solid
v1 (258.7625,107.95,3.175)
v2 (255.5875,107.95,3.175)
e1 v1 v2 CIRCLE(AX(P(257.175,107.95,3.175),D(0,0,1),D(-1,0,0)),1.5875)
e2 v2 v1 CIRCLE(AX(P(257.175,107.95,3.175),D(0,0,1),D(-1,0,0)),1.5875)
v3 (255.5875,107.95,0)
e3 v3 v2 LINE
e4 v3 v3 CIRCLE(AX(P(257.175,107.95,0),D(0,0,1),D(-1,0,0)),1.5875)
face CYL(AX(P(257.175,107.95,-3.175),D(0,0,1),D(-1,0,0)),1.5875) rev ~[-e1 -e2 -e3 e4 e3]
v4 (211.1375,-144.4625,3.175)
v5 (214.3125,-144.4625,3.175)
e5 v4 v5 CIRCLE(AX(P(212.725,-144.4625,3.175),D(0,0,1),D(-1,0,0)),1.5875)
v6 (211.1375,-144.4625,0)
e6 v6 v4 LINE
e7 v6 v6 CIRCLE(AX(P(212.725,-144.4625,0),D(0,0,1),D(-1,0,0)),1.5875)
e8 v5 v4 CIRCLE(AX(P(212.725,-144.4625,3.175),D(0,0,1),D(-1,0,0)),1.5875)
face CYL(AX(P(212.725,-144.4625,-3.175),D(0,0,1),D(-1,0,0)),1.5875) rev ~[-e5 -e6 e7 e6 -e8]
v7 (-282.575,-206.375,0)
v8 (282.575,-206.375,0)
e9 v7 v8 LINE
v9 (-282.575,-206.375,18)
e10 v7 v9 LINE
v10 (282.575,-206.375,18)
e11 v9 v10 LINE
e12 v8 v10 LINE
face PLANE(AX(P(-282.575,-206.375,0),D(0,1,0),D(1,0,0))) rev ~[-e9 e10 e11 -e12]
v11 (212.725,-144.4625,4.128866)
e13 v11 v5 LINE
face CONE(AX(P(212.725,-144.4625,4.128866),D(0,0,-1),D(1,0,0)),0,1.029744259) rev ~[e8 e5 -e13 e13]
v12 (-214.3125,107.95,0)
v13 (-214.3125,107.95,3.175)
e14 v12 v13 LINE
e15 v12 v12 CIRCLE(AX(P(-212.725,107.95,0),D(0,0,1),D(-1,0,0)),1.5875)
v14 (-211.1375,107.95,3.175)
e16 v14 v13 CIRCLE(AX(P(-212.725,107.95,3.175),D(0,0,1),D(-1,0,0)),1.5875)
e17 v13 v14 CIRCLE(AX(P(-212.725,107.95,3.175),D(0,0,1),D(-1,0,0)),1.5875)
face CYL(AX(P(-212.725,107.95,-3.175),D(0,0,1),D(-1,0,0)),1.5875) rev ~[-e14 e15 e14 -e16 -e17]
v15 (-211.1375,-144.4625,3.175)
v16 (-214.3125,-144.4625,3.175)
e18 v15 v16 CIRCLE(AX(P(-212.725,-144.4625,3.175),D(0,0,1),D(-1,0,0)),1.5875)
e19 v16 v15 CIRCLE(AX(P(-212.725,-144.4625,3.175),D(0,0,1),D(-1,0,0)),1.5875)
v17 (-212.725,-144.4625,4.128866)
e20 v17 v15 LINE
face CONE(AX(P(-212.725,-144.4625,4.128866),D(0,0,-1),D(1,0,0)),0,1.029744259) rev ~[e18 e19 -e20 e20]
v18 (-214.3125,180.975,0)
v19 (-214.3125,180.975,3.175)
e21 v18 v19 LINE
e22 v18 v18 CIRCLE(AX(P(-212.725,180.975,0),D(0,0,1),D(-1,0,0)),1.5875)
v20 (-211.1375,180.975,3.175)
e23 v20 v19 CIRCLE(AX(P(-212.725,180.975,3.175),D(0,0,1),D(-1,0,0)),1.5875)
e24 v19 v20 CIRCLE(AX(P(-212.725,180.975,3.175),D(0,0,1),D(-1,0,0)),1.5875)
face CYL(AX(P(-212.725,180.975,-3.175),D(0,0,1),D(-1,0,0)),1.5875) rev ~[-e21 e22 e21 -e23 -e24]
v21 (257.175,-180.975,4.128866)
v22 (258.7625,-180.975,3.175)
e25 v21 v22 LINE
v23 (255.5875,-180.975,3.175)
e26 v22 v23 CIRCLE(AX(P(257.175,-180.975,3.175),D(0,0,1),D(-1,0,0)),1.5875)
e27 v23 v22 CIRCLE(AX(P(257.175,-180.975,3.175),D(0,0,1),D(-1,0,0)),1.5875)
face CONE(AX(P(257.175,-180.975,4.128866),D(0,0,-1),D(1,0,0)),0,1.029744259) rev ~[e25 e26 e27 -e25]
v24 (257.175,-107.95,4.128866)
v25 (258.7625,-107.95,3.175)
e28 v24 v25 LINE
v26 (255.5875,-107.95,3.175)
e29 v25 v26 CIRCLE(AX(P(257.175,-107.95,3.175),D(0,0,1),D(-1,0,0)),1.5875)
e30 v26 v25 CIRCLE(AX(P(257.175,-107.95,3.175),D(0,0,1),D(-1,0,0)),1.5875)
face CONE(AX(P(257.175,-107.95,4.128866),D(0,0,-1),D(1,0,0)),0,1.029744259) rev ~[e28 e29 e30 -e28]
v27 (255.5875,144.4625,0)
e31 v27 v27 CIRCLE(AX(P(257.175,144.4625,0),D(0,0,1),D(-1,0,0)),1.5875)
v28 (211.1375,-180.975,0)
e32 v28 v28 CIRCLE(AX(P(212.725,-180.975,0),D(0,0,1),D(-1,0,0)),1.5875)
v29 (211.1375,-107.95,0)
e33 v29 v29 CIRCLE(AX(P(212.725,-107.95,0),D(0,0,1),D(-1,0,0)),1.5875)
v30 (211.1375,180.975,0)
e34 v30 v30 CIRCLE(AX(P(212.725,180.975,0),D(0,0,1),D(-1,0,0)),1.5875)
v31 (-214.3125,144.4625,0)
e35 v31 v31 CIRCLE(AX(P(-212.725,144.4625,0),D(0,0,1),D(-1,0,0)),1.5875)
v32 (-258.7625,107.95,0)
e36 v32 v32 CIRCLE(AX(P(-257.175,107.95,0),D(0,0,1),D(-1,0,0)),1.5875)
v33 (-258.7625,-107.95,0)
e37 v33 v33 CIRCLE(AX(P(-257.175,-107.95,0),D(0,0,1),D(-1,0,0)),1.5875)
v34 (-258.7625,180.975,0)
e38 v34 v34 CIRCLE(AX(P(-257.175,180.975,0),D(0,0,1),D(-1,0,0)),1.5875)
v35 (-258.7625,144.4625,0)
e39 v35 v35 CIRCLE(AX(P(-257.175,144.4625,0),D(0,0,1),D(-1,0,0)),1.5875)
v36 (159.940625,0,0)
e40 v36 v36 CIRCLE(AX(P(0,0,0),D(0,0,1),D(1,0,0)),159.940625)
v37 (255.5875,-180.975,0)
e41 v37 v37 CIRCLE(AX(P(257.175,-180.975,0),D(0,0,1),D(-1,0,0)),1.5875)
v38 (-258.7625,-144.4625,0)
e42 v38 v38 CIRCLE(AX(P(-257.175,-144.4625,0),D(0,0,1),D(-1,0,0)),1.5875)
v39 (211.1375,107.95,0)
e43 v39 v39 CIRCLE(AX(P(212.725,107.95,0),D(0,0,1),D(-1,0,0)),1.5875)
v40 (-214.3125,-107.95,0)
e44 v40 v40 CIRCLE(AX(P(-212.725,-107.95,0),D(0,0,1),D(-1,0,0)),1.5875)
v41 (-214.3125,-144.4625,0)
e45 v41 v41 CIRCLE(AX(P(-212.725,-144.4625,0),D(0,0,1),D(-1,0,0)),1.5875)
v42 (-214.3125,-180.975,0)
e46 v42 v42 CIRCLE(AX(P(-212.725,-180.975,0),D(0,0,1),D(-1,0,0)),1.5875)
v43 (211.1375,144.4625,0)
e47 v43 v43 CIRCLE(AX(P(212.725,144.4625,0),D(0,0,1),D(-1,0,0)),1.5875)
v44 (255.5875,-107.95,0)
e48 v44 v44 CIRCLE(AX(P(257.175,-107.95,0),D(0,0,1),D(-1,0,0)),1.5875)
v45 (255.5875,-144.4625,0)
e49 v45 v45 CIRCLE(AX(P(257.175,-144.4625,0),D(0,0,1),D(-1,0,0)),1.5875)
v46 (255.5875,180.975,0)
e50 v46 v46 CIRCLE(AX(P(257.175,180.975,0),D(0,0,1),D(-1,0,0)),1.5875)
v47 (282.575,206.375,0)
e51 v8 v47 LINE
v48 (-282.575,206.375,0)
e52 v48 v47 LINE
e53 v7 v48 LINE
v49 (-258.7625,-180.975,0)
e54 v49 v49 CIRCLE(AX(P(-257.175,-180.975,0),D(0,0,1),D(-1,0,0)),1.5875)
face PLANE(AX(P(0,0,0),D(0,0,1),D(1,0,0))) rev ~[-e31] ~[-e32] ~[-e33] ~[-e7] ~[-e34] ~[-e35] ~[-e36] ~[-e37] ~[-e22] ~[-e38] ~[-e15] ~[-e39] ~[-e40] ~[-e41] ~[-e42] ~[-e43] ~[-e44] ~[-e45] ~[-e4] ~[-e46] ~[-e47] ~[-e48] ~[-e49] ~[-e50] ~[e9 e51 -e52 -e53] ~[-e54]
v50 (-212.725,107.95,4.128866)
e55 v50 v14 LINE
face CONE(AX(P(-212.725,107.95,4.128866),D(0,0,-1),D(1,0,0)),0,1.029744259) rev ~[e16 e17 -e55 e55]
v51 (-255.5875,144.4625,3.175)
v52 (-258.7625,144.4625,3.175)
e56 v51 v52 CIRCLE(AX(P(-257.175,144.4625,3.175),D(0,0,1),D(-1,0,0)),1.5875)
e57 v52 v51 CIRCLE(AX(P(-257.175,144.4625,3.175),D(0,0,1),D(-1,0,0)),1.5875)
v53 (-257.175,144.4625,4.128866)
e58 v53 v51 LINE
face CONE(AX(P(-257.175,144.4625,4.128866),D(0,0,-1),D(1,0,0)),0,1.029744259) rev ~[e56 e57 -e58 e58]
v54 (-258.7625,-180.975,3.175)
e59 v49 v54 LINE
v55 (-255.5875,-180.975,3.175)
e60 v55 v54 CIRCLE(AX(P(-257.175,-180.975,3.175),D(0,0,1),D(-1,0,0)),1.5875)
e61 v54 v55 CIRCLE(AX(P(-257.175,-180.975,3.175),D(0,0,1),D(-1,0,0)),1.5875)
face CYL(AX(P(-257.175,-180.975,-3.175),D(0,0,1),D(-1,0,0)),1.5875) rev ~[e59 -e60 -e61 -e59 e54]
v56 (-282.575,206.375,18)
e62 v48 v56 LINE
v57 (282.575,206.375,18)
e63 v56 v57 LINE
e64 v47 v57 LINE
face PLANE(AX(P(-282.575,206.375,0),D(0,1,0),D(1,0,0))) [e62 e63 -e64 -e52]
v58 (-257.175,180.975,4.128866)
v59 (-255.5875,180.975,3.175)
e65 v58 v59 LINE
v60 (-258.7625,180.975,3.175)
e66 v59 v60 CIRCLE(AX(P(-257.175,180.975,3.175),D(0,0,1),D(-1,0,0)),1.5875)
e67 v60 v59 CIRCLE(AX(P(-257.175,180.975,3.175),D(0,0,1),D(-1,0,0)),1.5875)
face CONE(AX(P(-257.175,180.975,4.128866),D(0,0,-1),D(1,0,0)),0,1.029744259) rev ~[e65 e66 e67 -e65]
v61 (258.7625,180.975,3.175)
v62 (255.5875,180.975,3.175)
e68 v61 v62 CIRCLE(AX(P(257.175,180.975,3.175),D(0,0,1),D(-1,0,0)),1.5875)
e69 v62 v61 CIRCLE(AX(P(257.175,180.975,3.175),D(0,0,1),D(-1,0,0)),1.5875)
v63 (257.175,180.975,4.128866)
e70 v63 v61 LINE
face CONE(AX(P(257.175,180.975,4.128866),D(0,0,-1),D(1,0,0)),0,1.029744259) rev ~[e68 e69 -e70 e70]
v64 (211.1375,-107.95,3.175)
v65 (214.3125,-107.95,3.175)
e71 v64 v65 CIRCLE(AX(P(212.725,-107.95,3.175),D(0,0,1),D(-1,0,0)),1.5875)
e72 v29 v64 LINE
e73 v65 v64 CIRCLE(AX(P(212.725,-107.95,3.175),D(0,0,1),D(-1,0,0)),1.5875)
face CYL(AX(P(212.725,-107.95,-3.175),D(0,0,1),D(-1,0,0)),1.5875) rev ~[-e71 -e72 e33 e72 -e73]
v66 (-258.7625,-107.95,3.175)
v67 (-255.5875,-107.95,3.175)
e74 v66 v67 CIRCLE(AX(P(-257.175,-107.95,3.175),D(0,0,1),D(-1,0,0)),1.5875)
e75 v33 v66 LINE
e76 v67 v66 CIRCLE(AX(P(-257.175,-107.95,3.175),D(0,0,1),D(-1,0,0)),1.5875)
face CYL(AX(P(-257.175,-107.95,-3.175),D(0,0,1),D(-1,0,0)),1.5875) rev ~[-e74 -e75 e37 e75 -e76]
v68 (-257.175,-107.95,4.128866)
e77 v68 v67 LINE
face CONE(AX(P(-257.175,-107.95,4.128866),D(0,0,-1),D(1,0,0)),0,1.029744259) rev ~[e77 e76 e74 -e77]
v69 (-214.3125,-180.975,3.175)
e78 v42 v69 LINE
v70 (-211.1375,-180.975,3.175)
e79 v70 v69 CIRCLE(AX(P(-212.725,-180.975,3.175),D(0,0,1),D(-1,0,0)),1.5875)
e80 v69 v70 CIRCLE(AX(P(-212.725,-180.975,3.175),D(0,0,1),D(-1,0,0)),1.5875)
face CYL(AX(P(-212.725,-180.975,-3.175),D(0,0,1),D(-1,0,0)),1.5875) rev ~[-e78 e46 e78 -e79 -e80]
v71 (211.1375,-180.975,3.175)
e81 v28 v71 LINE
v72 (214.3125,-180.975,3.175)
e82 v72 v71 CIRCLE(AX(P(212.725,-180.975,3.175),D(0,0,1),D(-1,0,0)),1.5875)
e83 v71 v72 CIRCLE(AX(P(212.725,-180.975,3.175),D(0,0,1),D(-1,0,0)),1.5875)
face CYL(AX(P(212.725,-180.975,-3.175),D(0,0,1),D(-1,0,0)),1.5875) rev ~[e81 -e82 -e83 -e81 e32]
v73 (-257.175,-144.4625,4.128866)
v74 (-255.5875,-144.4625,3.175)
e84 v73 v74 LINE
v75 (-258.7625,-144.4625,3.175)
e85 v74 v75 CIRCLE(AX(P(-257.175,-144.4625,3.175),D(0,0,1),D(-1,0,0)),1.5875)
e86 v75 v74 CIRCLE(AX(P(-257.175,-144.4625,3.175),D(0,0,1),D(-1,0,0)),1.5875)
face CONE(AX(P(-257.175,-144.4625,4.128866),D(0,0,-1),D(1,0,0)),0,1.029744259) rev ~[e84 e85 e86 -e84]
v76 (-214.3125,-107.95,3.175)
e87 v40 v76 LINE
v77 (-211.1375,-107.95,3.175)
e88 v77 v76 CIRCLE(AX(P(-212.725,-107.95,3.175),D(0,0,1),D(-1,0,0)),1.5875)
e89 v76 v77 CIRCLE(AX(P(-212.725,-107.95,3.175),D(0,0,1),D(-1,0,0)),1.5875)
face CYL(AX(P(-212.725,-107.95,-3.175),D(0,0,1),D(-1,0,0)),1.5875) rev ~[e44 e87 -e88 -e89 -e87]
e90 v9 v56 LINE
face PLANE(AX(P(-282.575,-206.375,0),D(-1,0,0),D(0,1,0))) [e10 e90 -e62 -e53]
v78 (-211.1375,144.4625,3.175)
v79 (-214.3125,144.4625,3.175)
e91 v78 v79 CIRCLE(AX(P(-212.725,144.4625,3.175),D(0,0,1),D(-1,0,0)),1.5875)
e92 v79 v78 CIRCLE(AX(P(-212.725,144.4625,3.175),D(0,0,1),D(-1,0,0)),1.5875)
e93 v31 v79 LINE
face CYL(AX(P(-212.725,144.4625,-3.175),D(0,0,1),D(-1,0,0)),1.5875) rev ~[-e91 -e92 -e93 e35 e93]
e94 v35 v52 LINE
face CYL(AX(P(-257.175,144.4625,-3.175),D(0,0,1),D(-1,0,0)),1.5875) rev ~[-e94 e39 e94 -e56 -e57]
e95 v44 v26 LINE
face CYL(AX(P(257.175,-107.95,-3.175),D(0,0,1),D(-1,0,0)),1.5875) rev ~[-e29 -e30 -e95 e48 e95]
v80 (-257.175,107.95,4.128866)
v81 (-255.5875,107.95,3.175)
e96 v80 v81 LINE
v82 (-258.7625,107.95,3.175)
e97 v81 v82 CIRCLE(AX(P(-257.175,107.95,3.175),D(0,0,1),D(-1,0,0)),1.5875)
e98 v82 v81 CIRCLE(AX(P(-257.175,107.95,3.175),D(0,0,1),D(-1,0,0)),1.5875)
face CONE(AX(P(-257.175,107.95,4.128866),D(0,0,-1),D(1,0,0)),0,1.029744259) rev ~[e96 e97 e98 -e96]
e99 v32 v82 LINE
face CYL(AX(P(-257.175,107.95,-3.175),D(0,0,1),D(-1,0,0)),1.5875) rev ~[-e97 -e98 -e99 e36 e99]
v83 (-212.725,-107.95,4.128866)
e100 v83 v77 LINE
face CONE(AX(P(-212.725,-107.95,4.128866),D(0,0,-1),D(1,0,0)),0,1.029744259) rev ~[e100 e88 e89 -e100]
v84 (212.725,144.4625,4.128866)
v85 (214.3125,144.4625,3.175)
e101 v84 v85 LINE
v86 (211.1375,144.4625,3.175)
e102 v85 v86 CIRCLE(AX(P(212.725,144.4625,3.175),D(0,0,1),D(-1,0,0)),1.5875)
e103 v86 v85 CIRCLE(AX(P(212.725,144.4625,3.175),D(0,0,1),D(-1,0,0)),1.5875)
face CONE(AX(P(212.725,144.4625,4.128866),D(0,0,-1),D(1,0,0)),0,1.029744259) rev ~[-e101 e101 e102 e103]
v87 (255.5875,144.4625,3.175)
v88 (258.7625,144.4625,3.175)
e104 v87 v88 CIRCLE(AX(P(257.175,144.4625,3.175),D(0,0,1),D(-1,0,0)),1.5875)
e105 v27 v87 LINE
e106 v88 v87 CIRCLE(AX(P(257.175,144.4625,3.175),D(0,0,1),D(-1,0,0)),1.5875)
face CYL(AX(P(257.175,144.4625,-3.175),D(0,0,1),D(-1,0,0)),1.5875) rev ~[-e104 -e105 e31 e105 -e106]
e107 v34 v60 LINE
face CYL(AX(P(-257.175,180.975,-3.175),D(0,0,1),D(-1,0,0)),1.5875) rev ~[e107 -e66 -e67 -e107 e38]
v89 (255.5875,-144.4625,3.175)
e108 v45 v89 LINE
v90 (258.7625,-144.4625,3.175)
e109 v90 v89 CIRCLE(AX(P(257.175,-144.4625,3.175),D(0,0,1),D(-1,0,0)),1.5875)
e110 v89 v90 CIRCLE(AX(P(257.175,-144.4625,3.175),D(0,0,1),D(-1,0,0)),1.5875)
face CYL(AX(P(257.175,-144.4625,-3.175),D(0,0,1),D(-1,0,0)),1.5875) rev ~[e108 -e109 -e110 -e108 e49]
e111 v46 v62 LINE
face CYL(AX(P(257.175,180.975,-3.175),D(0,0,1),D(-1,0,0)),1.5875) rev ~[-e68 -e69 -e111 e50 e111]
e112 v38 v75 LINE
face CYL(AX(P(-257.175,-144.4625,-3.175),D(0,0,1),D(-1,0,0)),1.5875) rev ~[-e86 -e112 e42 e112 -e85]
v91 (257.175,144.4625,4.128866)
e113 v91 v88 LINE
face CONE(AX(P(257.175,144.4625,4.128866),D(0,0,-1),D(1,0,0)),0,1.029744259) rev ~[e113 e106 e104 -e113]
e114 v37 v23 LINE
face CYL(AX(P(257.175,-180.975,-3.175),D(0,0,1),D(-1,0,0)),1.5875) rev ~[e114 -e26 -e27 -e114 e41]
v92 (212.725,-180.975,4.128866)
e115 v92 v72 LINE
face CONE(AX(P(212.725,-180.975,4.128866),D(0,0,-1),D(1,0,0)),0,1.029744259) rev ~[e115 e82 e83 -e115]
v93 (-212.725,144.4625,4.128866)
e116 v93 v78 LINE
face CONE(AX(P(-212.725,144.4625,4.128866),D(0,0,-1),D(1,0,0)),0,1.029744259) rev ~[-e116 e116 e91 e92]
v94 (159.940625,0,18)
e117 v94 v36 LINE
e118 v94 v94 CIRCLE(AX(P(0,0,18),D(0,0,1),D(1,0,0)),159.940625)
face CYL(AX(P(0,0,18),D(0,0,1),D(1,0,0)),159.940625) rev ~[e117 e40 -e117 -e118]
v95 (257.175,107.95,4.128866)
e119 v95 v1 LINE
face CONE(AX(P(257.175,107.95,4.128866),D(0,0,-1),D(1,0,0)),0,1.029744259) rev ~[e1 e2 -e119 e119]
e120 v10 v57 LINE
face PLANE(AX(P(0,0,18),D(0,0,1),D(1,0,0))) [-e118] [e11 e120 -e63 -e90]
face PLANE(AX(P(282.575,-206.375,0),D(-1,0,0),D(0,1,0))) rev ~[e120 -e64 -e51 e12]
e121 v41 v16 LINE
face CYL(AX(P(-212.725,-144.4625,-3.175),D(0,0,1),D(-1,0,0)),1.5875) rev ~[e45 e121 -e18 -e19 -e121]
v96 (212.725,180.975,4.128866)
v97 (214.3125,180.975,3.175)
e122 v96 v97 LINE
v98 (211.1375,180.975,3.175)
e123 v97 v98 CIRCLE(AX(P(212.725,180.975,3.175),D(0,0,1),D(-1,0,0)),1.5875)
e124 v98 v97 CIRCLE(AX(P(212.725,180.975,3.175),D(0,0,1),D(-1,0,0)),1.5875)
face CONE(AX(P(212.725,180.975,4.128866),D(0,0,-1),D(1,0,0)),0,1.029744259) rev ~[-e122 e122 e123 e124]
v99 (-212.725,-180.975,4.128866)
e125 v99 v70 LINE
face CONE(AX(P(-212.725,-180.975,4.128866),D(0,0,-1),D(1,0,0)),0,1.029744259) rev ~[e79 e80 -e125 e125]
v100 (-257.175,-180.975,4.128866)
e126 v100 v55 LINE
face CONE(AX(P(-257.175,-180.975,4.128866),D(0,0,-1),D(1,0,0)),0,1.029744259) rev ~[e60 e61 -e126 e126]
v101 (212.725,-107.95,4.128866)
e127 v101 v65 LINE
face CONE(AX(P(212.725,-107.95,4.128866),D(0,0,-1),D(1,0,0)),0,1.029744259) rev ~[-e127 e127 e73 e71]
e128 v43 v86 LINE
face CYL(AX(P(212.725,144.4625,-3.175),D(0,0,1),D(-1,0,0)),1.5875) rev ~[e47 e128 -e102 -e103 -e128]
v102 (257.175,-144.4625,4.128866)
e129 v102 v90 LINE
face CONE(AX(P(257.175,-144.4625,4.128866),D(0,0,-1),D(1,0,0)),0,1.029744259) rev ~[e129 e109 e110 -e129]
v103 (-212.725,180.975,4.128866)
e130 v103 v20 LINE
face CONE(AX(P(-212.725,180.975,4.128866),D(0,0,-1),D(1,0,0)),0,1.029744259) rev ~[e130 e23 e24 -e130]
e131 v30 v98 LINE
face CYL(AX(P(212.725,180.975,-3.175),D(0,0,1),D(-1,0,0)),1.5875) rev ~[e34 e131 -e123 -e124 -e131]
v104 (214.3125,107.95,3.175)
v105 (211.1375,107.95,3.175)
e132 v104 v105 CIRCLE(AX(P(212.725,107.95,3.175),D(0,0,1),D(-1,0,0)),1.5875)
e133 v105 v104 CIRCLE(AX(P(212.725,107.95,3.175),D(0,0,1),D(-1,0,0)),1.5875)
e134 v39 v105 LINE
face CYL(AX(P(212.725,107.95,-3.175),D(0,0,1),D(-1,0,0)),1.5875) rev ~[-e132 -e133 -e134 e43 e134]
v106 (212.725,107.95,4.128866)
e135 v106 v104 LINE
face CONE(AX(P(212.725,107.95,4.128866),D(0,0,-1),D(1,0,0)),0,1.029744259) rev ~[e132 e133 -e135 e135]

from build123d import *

# Parameters (mm, degrees)
F0_W     = 565.15
F0_H     = 412.75
F1_DEPTH = 18
F2_R     = 159.940625
F3_DEPTH = 18.001
F5_D     = 3.175
F5_DEPTH = 3.175
F5_TIP   = 0.9538662327


with BuildPart() as f1:
    # F0 (on Top) → F1 (new body)
    with BuildSketch(Plane.XY):
        Rectangle(F0_W, F0_H)
    extrude(amount=F1_DEPTH)

    # F2 (on face) → F3 (cut, through all)
    with BuildSketch(Plane.XY.offset(18)):
        Circle(F2_R)
    extrude(amount=-F3_DEPTH, mode=Mode.SUBTRACT)

    # F5
    with Locations(Plane(origin=(0, 0, 0), x_dir=(1, 0, 0), z_dir=(0, 0, -1))):
        with Locations((-257.175, -180.975), (-212.725, -180.975), (-212.725, -144.4625), (-257.175, -144.4625), (-257.175, -107.95), (-212.725, -107.95), (-257.175, 107.95), (-212.725, 107.95), (-257.175, 144.4625), (-212.725, 144.4625), (-257.175, 180.975), (-212.725, 180.975), (212.725, 180.975), (257.175, 180.975), (257.175, 144.4625), (212.725, 144.4625), (212.725, 107.95), (257.175, 107.95), (212.725, -107.95), (257.175, -107.95), (212.725, -144.4625), (257.175, -180.975), (257.175, -144.4625), (212.725, -180.975)):
            Hole(F5_D / 2, depth=F5_DEPTH)
            with Locations((0, 0, -(F5_DEPTH + F5_TIP / 2))):  # 118° drill point
                Cone(0, F5_D / 2, F5_TIP, mode=Mode.SUBTRACT)


solid = f1.part
